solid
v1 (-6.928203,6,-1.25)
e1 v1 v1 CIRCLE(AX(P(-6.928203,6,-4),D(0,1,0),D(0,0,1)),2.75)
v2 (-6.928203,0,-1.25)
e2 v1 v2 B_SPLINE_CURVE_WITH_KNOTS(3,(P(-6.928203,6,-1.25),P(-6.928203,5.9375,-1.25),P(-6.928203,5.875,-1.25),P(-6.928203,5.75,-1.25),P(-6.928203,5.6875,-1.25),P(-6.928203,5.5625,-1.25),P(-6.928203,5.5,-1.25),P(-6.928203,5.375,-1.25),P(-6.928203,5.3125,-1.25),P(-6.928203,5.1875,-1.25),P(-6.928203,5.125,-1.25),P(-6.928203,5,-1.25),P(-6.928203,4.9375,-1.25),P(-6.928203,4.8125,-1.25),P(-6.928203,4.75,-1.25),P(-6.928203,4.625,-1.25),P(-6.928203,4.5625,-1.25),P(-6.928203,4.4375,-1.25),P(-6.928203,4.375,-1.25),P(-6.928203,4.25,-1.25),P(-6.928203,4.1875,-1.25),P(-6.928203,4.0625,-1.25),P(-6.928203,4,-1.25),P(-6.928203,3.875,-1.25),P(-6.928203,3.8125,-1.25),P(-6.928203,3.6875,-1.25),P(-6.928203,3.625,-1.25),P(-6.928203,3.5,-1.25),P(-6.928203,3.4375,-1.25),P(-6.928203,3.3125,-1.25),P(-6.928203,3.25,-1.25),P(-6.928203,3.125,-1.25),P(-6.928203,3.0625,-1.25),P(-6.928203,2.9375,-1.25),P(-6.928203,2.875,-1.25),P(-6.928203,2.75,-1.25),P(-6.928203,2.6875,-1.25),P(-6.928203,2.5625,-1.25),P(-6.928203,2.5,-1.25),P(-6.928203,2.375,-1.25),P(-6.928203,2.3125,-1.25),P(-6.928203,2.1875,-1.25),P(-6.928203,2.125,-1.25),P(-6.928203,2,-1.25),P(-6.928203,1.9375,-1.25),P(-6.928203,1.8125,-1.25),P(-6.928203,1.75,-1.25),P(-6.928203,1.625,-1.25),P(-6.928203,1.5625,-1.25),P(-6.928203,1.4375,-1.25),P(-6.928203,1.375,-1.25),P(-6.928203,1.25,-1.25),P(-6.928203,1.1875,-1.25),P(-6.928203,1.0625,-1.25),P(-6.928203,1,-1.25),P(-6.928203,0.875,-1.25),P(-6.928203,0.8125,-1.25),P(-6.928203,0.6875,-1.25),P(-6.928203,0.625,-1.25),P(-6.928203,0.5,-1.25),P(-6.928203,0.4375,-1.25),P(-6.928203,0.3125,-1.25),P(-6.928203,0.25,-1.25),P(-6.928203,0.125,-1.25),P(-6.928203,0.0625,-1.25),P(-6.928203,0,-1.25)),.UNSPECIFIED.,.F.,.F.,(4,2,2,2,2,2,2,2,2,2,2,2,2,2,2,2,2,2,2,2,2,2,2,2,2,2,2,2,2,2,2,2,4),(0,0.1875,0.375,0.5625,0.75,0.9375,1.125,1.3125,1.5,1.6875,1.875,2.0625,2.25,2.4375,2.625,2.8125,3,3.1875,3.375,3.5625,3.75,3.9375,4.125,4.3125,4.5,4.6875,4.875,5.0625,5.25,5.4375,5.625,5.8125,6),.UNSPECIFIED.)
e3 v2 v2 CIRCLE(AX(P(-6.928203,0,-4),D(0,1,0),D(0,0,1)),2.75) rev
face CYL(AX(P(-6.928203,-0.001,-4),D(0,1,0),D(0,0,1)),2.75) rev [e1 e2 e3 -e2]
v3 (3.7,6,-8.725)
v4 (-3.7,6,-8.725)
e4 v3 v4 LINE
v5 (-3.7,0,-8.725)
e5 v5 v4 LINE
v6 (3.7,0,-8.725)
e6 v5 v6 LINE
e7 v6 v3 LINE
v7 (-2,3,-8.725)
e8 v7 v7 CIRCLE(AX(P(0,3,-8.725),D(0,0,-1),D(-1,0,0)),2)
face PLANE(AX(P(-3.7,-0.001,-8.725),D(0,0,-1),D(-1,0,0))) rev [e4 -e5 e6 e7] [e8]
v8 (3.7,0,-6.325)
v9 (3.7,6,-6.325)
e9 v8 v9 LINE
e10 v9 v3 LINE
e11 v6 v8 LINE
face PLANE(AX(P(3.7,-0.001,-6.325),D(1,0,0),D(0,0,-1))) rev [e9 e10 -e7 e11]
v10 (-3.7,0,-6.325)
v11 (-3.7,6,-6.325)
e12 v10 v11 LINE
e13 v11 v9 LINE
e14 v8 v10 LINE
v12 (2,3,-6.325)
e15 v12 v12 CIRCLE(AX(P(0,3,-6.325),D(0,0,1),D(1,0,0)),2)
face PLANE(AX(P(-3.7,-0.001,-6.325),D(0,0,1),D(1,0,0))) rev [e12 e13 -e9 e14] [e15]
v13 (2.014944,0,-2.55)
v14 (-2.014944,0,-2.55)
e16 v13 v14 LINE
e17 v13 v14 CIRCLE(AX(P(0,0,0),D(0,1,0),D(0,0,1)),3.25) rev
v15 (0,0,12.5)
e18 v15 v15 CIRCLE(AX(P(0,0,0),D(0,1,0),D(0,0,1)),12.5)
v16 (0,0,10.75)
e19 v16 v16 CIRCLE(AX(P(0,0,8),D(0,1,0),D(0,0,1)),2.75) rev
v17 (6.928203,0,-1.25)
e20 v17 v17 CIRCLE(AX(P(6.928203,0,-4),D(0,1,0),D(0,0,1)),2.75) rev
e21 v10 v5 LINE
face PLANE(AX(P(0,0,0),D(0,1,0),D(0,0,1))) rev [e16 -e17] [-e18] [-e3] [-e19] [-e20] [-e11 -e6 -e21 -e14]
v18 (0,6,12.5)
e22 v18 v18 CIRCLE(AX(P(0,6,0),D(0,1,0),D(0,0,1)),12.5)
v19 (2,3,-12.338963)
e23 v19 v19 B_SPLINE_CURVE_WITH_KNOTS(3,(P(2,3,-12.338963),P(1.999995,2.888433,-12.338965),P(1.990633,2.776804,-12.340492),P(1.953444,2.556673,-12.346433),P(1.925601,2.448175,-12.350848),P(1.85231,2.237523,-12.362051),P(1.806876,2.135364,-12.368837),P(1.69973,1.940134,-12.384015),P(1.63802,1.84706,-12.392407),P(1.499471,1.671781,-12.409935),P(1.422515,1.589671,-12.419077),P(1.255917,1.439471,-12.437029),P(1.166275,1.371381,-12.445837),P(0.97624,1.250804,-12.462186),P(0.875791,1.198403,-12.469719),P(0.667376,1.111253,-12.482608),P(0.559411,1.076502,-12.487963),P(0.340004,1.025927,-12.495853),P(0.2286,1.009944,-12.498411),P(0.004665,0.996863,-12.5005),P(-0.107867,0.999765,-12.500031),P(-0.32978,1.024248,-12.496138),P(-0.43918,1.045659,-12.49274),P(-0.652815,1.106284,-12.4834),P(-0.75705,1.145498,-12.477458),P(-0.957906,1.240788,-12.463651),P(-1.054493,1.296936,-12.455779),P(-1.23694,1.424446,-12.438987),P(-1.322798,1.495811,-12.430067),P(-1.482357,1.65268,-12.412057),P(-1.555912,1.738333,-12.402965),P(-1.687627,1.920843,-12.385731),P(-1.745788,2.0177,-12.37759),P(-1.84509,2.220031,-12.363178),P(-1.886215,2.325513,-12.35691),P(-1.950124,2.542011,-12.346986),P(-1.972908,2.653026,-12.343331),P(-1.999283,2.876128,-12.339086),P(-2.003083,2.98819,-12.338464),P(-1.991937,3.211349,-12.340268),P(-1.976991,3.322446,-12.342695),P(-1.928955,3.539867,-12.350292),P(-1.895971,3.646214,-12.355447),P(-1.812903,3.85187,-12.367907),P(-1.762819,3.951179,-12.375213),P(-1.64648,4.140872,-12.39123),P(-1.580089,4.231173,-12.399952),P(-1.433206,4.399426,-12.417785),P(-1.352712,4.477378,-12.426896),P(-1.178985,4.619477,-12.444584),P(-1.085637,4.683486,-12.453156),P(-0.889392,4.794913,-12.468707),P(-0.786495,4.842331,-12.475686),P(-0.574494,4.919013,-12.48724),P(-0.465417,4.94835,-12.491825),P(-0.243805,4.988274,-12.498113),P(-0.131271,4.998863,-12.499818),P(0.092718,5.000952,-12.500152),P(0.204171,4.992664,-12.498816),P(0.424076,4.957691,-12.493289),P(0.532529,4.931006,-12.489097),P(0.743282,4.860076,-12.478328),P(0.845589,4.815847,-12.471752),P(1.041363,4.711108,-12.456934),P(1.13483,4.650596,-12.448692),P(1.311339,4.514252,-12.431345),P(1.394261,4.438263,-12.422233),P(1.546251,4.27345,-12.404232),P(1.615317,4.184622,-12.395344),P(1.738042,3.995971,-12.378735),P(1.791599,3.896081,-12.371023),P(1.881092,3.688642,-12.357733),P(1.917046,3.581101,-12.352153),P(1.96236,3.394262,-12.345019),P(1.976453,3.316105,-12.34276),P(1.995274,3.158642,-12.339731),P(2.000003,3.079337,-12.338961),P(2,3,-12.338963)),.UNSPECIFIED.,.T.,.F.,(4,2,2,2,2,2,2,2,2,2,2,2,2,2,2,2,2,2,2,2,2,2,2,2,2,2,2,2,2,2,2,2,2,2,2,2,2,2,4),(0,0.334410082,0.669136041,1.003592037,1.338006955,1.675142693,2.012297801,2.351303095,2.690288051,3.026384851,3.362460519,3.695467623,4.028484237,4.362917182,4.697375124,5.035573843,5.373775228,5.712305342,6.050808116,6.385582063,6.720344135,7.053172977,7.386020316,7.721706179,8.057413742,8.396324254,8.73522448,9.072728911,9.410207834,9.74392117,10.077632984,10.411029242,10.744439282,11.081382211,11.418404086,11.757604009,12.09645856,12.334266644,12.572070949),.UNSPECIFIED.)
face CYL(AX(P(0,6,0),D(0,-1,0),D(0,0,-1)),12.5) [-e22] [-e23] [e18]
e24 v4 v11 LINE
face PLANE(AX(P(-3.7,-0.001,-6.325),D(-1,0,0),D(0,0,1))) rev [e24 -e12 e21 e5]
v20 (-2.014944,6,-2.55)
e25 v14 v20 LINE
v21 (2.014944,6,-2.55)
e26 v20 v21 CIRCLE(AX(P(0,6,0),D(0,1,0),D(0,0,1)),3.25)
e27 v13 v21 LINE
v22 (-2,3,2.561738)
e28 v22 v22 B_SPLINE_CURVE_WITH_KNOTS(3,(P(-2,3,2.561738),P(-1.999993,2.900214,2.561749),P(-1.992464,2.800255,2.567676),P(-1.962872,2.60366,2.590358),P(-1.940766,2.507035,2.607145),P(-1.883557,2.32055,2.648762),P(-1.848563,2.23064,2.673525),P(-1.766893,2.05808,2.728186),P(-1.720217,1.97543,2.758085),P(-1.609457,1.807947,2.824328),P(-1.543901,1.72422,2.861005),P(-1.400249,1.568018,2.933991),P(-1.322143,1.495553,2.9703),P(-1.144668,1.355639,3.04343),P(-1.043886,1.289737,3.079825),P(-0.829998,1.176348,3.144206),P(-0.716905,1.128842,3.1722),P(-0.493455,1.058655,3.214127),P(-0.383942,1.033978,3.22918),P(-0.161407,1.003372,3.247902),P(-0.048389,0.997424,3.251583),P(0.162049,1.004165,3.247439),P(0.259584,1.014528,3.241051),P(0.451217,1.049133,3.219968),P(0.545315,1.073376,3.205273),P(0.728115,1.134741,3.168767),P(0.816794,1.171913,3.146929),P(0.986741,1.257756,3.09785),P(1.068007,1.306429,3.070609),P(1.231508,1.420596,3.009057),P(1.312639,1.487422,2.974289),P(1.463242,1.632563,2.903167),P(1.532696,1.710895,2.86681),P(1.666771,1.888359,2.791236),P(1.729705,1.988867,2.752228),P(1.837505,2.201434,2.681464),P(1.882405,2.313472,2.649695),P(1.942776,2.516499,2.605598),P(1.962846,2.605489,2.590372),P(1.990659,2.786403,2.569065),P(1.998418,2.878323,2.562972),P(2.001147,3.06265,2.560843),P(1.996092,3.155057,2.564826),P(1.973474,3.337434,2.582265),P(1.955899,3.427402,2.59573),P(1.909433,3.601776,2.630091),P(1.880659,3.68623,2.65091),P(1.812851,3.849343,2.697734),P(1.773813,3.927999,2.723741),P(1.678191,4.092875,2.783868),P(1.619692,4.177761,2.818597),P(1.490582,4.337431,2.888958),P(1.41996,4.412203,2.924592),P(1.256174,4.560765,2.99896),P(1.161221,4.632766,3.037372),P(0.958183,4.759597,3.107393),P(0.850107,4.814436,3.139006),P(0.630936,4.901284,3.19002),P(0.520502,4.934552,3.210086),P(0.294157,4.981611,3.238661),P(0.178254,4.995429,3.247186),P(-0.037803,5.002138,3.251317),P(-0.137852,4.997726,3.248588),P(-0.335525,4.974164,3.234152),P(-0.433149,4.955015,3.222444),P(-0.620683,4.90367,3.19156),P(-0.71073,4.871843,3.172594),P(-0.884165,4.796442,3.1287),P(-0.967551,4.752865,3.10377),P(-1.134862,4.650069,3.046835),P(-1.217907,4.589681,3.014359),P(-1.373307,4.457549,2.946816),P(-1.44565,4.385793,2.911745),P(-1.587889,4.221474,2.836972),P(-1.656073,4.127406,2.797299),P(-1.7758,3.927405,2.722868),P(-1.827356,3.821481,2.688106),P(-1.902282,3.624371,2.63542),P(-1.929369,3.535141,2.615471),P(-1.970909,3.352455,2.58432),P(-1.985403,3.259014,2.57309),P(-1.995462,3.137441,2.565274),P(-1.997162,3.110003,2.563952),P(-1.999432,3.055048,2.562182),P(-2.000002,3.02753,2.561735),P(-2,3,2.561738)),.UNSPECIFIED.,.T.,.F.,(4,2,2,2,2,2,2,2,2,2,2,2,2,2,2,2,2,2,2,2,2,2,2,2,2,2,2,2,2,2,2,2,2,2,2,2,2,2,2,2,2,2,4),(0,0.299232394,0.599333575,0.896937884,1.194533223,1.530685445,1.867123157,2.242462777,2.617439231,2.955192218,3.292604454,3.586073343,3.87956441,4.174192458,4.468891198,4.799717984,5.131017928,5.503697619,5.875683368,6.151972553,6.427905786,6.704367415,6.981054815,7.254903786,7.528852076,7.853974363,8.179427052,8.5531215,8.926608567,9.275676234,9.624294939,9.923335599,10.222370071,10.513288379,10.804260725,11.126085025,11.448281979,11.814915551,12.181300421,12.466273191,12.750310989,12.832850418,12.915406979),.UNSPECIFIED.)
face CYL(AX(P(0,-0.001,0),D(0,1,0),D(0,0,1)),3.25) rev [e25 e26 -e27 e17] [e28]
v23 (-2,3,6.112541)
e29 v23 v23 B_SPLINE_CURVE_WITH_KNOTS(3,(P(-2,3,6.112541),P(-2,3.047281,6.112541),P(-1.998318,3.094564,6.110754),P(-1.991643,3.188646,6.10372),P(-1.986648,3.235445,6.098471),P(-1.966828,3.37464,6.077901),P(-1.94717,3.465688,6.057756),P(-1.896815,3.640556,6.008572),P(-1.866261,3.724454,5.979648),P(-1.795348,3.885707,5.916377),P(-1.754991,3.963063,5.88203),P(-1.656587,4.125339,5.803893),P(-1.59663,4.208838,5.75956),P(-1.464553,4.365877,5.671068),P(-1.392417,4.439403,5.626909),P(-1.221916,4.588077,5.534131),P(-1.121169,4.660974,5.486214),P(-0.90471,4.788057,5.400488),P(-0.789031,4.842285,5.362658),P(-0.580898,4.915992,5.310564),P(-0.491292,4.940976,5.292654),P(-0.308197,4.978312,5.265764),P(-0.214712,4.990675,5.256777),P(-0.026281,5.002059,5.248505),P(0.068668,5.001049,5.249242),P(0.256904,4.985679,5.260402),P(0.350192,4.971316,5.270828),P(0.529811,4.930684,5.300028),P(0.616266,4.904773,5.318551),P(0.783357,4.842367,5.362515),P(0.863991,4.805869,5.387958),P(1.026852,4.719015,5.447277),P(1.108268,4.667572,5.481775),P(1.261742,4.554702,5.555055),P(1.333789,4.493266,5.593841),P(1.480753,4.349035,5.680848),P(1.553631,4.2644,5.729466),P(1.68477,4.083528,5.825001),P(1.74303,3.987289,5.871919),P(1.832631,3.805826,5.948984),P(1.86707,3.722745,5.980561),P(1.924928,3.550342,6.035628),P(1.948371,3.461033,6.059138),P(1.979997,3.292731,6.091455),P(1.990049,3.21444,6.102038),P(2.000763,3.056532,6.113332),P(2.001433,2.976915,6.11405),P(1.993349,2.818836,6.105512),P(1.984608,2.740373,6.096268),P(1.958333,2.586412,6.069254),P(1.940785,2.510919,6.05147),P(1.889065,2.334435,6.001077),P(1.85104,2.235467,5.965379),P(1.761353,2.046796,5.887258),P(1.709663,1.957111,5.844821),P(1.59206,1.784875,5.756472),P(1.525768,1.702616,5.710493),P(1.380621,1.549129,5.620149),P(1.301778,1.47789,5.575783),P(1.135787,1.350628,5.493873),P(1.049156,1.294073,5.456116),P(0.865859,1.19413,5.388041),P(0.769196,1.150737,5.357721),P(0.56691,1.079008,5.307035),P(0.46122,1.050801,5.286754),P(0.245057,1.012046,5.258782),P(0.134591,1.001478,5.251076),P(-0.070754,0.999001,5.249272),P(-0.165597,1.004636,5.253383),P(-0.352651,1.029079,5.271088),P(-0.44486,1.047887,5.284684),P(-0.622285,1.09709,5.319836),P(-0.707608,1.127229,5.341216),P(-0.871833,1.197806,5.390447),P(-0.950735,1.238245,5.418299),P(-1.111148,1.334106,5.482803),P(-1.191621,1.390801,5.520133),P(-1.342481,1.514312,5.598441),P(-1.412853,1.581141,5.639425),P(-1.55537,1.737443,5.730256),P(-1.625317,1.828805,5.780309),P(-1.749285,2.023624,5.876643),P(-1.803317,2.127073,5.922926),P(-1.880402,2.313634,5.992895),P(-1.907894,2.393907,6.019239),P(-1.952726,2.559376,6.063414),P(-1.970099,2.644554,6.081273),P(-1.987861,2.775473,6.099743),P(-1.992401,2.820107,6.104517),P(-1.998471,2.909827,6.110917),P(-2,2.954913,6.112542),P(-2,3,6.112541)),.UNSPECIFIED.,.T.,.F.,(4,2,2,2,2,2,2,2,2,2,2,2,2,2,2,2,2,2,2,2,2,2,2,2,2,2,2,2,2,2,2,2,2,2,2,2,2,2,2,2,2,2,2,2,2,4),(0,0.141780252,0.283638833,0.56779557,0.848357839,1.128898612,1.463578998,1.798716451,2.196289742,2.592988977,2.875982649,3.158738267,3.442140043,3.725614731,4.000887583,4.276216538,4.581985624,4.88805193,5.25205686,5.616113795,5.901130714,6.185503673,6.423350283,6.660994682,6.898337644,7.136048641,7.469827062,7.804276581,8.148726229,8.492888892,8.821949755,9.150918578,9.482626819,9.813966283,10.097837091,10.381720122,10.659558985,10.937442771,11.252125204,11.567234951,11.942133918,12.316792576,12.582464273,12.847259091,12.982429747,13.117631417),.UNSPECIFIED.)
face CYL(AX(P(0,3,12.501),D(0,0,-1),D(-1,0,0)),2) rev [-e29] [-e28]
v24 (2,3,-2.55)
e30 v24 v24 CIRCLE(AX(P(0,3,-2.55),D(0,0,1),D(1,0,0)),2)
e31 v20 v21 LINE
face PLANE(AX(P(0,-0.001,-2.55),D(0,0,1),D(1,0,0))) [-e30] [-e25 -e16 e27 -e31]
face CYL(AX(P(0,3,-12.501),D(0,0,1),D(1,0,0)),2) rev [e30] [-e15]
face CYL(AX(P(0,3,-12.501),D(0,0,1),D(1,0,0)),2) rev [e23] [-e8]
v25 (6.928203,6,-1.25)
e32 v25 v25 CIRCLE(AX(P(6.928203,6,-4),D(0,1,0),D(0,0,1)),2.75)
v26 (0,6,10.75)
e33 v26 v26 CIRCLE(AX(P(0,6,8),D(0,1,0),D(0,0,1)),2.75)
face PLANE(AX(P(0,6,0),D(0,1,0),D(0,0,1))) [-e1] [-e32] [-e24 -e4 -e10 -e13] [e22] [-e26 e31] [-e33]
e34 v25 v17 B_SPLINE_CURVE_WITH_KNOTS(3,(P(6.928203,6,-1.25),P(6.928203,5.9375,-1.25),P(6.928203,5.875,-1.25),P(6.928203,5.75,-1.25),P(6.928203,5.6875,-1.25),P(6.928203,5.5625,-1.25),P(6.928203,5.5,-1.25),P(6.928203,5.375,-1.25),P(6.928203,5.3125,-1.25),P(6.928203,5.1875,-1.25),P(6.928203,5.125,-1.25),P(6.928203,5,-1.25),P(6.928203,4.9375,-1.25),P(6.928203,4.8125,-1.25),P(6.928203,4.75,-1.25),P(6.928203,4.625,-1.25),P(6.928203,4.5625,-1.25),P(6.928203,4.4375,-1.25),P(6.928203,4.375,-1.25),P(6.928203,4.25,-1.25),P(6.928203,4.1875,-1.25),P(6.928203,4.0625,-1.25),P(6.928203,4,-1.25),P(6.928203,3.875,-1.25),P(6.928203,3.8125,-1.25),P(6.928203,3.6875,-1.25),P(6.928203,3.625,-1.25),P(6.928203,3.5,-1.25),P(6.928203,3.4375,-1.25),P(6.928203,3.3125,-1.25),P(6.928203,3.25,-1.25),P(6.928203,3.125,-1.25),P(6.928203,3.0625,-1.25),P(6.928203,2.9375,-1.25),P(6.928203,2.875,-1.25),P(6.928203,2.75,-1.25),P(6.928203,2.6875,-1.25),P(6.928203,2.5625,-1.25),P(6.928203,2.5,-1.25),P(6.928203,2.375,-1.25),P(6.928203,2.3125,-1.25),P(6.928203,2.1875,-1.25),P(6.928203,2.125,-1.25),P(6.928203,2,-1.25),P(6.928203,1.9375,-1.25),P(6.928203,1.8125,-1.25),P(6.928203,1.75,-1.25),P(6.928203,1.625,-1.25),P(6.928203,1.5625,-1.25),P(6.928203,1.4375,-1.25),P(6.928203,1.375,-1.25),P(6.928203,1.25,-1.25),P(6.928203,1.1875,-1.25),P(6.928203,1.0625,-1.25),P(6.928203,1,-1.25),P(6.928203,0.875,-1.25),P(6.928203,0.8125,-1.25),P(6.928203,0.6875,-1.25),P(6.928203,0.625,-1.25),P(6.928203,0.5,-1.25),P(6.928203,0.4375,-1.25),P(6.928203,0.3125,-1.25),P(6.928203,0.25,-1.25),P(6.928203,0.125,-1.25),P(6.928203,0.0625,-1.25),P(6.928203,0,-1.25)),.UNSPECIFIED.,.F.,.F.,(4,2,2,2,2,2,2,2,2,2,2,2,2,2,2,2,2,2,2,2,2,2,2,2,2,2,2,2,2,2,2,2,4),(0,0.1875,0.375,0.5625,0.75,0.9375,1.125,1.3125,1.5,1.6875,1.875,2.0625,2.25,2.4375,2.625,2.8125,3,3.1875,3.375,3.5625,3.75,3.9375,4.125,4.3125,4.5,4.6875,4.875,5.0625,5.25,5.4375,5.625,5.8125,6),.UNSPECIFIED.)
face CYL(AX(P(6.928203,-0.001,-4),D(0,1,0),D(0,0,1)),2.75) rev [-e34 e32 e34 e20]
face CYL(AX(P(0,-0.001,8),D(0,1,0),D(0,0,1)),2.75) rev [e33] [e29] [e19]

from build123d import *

# Parameters (mm, degrees)
SKETCH1_R                      = 12.5
BOSS_EXTRUDE1_DEPTH            = 6
CUT_EXTRUDE1_REACH             = 20.668
CUT_EXTRUDE2_REACH             = 20.668
SKETCH3_R                      = 2.75
CUT_EXTRUDE3_REACH             = 22.463
SKETCH4_R                      = 2
CUT_EXTRUDE3_DIRECTION_2_REACH = 22.463
CUT_EXTRUDE4_REACH             = 20.668
SKETCH5_W                      = 7.4
SKETCH5_H                      = 2.4


with BuildPart() as part:
    # Sketch1 → Boss-Extrude1 (new body)
    with BuildSketch(Plane(origin=(0, 0, 0), x_dir=(1, 0, 0), z_dir=(0, 1, 0))):
        with Locations(Location((0, 0, 0), (0, 0, 270))):
            Circle(SKETCH1_R)
    extrude(amount=BOSS_EXTRUDE1_DEPTH)

    # Sketch2 → Cut-Extrude1 (cut, up to next)
    with BuildSketch(Plane(origin=(0, 6, 0), x_dir=(1, 0, 0), z_dir=(0, 1, 0)), mode=Mode.PRIVATE) as cut_extrude1_sk1:
        with BuildLine():
            Line((2.014944168, 2.55), (-2.014944168, 2.55))
            ThreePointArc((-2.014944168, 2.55), (-1.416674178, -2.924984491), (3.25, 0))
            ThreePointArc((3.25, 0), (2.924984491, 1.416674178), (2.014944168, 2.55))
        make_face()
    cut_extrude1_tool1 = extrude(cut_extrude1_sk1.sketch, amount=-CUT_EXTRUDE1_REACH, mode=Mode.PRIVATE) & part.part
    add(cut_extrude1_tool1.solids().sort_by_distance((0, 6, 0.174477))[0], mode=Mode.SUBTRACT)

    # Sketch3 → Cut-Extrude2 (cut, up to next)
    with BuildSketch(Plane(origin=(0, 6, 0), x_dir=(1, 0, 0), z_dir=(0, 1, 0)), mode=Mode.PRIVATE) as cut_extrude2_sk1:
        with Locations(Location((0, -8, 0), (0, 0, 270))):
            Circle(SKETCH3_R)
    cut_extrude2_tool1 = extrude(cut_extrude2_sk1.sketch, amount=-CUT_EXTRUDE2_REACH, mode=Mode.PRIVATE) & part.part
    # Sketch3 → Cut-Extrude2 (cut, up to next)
    with BuildSketch(Plane(origin=(0, 6, 0), x_dir=(1, 0, 0), z_dir=(0, 1, 0)), mode=Mode.PRIVATE) as cut_extrude2_sk2:
        with Locations(Location((-6.92820323, 4, 0), (0, 0, 270))):
            Circle(SKETCH3_R)
    cut_extrude2_tool2 = extrude(cut_extrude2_sk2.sketch, amount=-CUT_EXTRUDE2_REACH, mode=Mode.PRIVATE) & part.part
    # Sketch3 → Cut-Extrude2 (cut, up to next)
    with BuildSketch(Plane(origin=(0, 6, 0), x_dir=(1, 0, 0), z_dir=(0, 1, 0)), mode=Mode.PRIVATE) as cut_extrude2_sk3:
        with Locations(Location((6.92820323, 4, 0), (0, 0, 270))):
            Circle(SKETCH3_R)
    cut_extrude2_tool3 = extrude(cut_extrude2_sk3.sketch, amount=-CUT_EXTRUDE2_REACH, mode=Mode.PRIVATE) & part.part
    add(cut_extrude2_tool1.solids().sort_by_distance((0, 6, 8))[0], mode=Mode.SUBTRACT)
    add(cut_extrude2_tool2.solids().sort_by_distance((-6.928203, 6, -4))[0], mode=Mode.SUBTRACT)
    add(cut_extrude2_tool3.solids().sort_by_distance((6.928203, 6, -4))[0], mode=Mode.SUBTRACT)

    # Sketch4 → Cut-Extrude3 (cut, up to next)
    with BuildSketch(Plane.XY.offset(-2.55), mode=Mode.PRIVATE) as cut_extrude3_sk1:
        with Locations(Location((0, 3, 0), (0, 0, 180))):
            Circle(SKETCH4_R)
    cut_extrude3_tool1 = extrude(cut_extrude3_sk1.sketch, amount=-CUT_EXTRUDE3_REACH, mode=Mode.PRIVATE) & part.part
    add(cut_extrude3_tool1.solids().sort_by_distance((0, 3, -2.55))[0], mode=Mode.SUBTRACT)

    # Sketch4 → Cut-Extrude3 direction 2 (cut, up to next)
    with BuildSketch(Plane.XY.offset(-2.55), mode=Mode.PRIVATE) as cut_extrude3_direction_2_sk1:
        with Locations(Location((0, 3, 0), (0, 0, 180))):
            Circle(SKETCH4_R)
    cut_extrude3_direction_2_tool1 = extrude(cut_extrude3_direction_2_sk1.sketch, amount=CUT_EXTRUDE3_DIRECTION_2_REACH, mode=Mode.PRIVATE) & part.part
    add(cut_extrude3_direction_2_tool1.solids().sort_by_distance((0, 3, -2.55))[0], mode=Mode.SUBTRACT)

    # Sketch5 → Cut-Extrude4 (cut, up to next)
    with BuildSketch(Plane(origin=(0, 6, 0), x_dir=(1, 0, 0), z_dir=(0, 1, 0)), mode=Mode.PRIVATE) as cut_extrude4_sk1:
        with Locations((0, 7.525)):
            Rectangle(SKETCH5_W, SKETCH5_H)
    cut_extrude4_tool1 = extrude(cut_extrude4_sk1.sketch, amount=-CUT_EXTRUDE4_REACH, mode=Mode.PRIVATE) & part.part
    add(cut_extrude4_tool1.solids().sort_by_distance((0, 6, -7.525))[0], mode=Mode.SUBTRACT)


solid = part.part
